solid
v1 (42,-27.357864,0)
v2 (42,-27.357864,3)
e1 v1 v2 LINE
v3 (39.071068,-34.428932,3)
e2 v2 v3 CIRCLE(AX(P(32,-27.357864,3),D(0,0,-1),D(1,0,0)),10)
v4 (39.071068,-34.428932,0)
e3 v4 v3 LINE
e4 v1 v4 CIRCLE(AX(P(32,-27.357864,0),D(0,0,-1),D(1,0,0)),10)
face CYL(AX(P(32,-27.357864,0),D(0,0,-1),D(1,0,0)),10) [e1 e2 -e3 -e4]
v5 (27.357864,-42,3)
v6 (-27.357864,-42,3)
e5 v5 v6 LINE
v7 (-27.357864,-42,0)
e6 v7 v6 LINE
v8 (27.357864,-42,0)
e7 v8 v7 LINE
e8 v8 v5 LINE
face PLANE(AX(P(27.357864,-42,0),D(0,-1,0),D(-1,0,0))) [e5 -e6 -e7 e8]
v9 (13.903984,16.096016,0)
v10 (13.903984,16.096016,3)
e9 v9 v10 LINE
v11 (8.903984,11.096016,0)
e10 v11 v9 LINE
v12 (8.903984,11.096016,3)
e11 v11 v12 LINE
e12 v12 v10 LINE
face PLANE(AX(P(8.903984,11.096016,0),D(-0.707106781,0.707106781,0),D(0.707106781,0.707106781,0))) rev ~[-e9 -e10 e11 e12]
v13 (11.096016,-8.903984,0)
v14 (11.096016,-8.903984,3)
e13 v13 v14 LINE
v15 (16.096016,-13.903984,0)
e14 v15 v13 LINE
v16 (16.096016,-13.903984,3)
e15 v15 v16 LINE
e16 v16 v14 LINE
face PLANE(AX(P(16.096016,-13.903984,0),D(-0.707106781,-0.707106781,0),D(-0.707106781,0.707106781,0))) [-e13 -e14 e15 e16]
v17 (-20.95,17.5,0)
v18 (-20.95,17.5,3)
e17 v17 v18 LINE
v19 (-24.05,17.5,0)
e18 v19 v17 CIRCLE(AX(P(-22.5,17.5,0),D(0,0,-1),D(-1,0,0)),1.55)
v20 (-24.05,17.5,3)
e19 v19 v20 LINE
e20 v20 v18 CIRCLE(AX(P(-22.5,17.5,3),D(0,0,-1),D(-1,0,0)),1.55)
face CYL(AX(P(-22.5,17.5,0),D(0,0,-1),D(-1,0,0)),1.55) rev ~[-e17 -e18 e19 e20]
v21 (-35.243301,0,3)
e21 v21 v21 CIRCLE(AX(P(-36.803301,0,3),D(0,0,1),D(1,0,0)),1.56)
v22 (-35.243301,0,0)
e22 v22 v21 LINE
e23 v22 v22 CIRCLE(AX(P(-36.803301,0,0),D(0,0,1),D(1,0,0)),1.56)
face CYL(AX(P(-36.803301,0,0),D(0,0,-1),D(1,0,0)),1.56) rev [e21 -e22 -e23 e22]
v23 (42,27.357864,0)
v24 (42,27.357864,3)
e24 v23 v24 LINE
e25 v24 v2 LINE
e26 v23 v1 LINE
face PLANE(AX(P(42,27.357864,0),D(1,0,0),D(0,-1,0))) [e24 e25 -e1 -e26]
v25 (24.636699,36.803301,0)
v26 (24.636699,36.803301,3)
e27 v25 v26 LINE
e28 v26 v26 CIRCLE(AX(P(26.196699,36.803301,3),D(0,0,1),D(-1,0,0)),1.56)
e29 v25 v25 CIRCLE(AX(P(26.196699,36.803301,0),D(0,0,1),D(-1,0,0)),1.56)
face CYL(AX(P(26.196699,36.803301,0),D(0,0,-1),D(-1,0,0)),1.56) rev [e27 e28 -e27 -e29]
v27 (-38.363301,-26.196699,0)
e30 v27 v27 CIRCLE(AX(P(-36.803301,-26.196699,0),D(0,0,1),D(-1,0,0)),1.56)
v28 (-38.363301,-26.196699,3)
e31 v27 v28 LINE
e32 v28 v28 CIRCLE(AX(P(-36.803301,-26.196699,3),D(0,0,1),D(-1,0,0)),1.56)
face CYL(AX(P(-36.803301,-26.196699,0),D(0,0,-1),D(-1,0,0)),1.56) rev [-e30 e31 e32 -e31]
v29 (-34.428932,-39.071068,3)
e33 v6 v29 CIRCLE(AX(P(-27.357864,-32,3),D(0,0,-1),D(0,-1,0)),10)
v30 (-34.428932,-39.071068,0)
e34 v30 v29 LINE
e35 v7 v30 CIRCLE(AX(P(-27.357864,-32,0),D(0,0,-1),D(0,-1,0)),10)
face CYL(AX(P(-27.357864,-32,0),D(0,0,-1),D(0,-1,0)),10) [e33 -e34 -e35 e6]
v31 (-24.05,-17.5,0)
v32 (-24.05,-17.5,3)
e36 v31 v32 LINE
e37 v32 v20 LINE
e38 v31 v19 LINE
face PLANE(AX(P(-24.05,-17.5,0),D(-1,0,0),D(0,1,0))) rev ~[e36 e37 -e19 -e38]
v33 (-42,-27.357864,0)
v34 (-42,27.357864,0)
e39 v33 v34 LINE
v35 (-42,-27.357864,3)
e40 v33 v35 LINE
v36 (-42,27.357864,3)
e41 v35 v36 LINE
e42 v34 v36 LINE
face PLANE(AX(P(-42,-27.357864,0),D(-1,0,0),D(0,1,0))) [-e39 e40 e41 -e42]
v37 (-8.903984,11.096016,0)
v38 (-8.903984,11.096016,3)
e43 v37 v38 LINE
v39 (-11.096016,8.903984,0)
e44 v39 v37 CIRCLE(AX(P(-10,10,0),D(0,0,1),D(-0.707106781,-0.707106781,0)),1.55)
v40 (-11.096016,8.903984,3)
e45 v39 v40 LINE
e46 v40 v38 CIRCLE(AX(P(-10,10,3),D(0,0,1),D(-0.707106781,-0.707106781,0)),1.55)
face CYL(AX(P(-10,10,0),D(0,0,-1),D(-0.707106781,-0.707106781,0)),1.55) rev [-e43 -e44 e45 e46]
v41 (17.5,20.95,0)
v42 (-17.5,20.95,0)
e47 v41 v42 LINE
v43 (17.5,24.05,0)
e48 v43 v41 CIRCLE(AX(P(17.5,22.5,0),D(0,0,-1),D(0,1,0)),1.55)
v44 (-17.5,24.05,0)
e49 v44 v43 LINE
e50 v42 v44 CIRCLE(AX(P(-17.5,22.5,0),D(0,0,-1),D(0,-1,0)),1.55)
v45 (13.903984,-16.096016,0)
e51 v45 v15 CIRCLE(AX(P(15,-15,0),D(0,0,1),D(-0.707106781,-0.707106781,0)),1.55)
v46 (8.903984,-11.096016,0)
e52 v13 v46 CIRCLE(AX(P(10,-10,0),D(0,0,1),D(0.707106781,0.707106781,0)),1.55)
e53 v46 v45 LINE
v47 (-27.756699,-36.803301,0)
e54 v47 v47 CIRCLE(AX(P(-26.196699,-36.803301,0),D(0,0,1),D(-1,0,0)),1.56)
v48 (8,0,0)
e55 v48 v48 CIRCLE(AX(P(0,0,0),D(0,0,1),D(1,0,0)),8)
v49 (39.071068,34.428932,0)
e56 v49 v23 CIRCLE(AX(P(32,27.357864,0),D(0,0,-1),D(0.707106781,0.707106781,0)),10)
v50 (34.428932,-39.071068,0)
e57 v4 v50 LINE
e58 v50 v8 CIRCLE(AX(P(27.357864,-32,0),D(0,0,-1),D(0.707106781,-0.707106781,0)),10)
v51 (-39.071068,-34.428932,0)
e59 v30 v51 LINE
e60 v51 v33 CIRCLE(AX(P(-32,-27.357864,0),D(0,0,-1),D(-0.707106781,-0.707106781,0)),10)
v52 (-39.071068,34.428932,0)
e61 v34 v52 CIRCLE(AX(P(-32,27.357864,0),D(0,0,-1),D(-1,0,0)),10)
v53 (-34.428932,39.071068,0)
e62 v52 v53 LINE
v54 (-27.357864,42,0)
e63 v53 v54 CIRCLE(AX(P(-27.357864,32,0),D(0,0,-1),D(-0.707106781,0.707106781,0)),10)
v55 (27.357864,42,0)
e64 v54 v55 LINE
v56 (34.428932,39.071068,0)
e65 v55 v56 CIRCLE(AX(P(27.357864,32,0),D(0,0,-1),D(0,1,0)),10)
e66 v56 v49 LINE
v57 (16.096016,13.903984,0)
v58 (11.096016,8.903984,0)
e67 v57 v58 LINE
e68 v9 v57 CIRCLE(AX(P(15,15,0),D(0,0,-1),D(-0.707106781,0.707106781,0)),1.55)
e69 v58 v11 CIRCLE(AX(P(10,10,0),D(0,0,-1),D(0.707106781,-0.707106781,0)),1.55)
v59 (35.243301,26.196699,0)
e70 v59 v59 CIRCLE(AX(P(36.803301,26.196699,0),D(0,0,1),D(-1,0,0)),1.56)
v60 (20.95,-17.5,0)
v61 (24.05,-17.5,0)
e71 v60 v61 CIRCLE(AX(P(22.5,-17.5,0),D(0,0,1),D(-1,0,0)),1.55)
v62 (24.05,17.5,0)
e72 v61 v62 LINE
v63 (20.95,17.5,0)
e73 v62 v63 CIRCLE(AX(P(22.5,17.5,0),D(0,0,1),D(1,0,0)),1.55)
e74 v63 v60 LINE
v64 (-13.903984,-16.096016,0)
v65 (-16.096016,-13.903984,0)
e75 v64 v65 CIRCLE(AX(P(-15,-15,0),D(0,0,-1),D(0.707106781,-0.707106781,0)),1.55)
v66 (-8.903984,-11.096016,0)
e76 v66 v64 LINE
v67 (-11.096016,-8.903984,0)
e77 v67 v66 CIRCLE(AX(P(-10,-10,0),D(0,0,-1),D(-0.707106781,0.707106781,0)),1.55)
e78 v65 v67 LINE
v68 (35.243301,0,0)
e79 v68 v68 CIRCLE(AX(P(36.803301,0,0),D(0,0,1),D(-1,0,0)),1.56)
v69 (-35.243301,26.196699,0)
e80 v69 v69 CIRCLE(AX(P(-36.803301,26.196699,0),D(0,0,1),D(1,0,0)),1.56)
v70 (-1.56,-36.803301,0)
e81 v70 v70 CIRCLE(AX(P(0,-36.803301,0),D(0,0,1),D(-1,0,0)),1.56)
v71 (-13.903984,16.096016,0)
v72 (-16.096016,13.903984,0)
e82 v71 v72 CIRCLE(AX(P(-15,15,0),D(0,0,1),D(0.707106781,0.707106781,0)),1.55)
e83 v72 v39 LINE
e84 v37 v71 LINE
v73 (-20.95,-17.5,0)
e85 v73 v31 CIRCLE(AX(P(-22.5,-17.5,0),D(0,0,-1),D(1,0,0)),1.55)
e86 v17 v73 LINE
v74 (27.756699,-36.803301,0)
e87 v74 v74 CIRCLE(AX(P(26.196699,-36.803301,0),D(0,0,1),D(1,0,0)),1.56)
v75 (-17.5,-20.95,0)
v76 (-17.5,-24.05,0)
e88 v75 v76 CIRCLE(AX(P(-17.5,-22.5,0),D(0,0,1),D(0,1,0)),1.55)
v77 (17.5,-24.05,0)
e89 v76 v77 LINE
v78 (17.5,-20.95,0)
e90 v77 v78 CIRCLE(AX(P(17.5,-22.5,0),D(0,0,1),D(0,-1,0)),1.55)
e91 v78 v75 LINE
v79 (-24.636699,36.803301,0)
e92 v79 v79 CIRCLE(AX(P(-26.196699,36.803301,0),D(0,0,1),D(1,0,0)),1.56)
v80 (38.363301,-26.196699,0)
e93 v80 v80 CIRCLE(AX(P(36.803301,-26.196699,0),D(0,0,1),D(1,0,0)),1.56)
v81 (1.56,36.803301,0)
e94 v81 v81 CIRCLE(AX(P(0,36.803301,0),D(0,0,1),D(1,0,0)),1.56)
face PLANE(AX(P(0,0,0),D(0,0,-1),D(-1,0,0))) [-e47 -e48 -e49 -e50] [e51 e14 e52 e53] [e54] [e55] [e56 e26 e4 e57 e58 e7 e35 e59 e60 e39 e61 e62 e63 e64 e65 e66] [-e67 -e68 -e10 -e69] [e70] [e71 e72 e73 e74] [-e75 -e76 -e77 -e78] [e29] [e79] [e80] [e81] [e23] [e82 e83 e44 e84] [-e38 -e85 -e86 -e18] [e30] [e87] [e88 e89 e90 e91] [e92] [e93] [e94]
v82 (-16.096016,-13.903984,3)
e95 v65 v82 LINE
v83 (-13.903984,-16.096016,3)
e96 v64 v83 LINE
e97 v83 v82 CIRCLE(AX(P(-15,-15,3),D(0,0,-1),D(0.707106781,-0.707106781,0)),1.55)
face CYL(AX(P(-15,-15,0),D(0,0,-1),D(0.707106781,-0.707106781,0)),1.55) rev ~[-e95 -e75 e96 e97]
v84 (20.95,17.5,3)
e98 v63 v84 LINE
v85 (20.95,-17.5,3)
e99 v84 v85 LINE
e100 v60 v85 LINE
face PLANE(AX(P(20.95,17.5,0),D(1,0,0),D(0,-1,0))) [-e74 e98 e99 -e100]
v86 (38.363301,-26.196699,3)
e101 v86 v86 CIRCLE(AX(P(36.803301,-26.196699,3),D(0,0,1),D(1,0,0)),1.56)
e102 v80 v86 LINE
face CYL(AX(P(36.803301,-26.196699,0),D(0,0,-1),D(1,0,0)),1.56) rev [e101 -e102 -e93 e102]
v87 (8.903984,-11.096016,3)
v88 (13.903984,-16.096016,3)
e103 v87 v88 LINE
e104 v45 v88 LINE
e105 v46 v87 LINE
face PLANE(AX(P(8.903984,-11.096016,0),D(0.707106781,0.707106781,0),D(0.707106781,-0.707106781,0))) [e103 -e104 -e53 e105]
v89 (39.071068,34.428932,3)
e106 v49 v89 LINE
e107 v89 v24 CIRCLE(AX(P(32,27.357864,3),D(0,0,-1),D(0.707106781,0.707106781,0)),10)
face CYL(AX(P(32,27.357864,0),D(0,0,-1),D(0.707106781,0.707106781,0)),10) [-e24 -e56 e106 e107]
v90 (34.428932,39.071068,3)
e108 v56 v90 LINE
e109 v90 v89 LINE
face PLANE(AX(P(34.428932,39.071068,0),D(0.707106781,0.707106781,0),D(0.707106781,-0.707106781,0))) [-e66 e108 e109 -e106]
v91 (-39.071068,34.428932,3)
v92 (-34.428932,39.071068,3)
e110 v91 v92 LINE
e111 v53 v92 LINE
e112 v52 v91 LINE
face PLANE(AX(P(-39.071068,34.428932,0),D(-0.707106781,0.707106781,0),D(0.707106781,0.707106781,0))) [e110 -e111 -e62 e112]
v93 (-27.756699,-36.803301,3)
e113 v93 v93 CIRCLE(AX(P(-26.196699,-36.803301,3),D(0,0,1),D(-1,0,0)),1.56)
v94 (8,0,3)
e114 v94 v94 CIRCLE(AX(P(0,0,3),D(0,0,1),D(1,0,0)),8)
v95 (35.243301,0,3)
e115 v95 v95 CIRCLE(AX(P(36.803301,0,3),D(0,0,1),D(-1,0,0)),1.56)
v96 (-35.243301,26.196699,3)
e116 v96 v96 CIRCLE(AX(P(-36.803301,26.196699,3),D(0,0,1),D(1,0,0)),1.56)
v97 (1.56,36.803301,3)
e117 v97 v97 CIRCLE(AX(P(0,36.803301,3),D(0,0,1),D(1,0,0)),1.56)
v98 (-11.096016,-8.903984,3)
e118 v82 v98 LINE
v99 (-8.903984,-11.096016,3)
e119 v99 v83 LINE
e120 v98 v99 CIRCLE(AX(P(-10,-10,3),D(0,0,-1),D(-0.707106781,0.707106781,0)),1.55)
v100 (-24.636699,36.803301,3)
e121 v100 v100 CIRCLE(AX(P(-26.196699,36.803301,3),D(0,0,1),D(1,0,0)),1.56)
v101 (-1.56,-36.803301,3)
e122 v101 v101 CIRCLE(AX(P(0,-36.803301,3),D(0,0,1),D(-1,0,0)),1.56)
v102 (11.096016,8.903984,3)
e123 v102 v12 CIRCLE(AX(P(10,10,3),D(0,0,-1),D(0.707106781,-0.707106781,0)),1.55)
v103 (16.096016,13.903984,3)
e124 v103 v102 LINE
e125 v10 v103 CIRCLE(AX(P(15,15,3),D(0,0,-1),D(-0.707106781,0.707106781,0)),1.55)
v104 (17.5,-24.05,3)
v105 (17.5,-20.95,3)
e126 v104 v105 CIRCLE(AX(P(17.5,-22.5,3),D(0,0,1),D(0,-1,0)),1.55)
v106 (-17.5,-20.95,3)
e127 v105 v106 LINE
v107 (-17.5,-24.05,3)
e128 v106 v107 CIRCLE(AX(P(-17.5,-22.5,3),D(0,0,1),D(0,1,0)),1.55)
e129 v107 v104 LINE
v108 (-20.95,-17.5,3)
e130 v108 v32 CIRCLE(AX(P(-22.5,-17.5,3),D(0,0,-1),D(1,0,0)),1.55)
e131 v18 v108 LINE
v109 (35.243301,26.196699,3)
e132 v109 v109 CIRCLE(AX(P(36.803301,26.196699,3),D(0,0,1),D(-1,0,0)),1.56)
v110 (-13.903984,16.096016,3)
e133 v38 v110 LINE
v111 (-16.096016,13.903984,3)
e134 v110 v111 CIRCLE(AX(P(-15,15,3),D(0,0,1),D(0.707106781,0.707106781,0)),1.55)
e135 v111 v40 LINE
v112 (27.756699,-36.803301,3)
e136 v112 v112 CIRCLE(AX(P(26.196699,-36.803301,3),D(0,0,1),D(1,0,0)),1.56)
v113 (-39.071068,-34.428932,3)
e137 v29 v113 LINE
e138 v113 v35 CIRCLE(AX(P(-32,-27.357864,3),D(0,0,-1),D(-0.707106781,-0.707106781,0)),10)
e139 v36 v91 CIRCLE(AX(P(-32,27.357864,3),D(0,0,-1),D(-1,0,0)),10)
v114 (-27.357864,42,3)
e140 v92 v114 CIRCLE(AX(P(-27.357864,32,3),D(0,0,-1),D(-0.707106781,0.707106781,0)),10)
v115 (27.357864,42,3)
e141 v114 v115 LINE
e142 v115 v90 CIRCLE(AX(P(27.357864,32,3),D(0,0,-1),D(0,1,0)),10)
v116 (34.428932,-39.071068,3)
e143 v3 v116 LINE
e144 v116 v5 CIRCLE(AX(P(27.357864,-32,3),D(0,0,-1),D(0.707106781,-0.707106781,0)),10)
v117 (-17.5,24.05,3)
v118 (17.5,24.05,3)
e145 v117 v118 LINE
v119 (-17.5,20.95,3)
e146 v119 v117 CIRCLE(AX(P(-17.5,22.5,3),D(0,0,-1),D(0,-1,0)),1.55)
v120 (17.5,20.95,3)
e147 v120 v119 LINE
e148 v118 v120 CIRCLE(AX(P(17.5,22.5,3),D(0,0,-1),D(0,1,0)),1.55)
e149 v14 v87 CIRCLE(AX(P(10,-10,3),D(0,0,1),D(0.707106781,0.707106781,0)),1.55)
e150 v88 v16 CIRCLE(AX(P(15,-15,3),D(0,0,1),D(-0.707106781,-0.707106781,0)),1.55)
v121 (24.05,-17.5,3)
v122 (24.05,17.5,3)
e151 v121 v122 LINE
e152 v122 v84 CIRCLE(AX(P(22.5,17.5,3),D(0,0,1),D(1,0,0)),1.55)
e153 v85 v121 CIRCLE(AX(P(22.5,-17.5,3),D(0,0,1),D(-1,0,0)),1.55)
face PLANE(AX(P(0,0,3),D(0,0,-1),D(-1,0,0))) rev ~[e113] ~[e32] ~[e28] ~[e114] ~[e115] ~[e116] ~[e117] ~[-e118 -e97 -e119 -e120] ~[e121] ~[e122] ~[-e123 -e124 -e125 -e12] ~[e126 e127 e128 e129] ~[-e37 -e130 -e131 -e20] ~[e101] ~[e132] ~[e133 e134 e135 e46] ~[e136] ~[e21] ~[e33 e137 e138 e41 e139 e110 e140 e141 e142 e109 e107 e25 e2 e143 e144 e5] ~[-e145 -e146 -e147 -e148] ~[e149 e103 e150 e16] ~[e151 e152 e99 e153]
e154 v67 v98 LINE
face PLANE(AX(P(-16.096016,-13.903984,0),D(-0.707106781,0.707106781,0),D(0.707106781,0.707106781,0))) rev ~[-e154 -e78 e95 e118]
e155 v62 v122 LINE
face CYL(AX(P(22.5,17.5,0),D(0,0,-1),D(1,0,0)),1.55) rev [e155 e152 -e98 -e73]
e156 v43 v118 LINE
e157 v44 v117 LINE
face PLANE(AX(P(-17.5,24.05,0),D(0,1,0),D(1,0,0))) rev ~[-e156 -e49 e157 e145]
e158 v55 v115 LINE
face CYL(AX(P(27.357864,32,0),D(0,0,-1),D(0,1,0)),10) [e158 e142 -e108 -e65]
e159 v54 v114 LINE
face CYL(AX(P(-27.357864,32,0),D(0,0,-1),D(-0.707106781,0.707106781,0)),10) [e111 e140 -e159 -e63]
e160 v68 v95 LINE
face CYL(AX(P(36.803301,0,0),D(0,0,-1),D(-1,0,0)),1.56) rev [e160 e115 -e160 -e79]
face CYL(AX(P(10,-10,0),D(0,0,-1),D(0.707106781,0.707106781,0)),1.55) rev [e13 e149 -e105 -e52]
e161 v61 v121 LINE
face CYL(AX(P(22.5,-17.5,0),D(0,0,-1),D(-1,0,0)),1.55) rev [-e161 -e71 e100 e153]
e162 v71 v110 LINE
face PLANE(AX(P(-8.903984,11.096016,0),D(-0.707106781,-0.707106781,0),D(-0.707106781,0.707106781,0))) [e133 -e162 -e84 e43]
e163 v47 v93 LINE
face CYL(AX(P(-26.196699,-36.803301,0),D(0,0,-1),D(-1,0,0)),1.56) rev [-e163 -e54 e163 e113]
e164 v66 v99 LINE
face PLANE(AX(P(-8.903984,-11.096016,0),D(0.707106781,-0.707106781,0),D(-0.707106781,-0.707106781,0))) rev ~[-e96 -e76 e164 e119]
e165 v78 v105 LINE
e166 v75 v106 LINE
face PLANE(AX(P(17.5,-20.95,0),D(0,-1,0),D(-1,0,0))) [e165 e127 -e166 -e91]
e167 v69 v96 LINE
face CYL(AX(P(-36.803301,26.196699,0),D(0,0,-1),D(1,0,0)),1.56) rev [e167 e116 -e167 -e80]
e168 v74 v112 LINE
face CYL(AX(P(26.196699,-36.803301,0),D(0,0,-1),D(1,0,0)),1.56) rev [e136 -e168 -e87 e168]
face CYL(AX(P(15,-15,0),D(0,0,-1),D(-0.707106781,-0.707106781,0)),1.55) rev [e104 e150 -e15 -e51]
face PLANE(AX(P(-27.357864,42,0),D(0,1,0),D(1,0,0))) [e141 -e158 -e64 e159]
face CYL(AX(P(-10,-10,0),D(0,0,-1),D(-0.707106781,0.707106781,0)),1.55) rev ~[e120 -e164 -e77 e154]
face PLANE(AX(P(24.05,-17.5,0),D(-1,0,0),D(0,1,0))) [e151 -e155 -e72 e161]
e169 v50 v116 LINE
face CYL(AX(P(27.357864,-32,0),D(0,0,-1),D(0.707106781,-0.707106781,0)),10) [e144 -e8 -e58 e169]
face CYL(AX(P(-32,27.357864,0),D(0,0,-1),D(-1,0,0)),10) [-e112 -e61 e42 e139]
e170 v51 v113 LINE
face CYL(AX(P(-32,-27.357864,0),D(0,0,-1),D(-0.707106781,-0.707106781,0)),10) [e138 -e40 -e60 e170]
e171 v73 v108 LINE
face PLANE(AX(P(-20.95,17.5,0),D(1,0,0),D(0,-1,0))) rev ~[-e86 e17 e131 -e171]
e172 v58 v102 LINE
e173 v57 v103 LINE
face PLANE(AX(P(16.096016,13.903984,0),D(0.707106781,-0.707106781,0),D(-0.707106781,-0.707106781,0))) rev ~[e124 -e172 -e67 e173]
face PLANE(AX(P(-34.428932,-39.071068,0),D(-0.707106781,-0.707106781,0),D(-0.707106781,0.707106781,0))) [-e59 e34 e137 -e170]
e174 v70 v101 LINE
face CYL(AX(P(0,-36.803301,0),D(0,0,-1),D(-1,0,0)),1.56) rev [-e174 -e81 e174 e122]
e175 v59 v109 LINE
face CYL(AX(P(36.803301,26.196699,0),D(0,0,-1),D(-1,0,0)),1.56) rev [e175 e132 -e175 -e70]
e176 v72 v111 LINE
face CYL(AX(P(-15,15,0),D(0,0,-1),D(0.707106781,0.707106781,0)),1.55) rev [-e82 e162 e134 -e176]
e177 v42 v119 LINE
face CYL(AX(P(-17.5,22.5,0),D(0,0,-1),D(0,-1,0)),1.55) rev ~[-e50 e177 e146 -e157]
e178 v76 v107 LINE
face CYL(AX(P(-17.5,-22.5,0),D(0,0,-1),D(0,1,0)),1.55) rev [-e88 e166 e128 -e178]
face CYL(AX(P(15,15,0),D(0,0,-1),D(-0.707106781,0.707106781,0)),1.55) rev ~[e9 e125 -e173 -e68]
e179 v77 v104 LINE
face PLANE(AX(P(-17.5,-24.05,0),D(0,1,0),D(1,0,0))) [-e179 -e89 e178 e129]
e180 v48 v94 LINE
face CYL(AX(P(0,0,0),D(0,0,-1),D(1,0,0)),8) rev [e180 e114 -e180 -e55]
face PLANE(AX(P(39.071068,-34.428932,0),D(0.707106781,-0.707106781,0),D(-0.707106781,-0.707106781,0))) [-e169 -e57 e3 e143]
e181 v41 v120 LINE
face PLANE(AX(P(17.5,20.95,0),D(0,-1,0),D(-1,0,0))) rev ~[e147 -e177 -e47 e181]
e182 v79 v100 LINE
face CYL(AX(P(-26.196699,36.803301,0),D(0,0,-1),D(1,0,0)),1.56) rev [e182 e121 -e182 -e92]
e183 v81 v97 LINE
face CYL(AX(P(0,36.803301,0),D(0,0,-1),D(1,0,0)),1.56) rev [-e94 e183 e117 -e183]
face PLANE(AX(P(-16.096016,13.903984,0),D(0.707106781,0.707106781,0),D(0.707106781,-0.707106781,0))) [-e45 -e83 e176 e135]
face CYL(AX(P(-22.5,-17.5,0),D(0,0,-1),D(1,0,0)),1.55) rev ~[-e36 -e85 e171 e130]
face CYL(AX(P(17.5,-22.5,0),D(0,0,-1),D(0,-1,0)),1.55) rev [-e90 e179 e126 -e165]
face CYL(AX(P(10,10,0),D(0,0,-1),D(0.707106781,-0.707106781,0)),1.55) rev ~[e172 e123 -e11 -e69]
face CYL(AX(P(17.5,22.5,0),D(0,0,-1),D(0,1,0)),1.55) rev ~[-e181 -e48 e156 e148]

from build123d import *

# Parameters (mm, degrees)
SKETCH_1_R      = 8
SKETCH_1_R_2    = 1.56
EXTRUDE_1_DEPTH = 3


with BuildPart() as part:
    # 草图1 → 凸台-拉伸1 (new body)
    with BuildSketch(Plane.XY):
        with BuildLine():
            Line((-27.357864376, 42), (27.357864376, 42))
            ThreePointArc((27.357864376, 42), (31.1846987, 41.238795325), (34.428932188, 39.071067812))
            Line((34.428932188, 39.071067812), (39.071067812, 34.428932188))
            ThreePointArc((39.071067812, 34.428932188), (41.238795325, 31.1846987), (42, 27.357864376))
            Line((42, 27.357864376), (42, -27.357864376))
            ThreePointArc((42, -27.357864376), (41.238795325, -31.1846987), (39.071067812, -34.428932188))
            Line((39.071067812, -34.428932188), (34.428932188, -39.071067812))
            ThreePointArc((34.428932188, -39.071067812), (31.1846987, -41.238795325), (27.357864376, -42))
            Line((27.357864376, -42), (-27.357864376, -42))
            ThreePointArc((-27.357864376, -42), (-31.1846987, -41.238795325), (-34.428932188, -39.071067812))
            Line((-34.428932188, -39.071067812), (-39.071067812, -34.428932188))
            ThreePointArc((-39.071067812, -34.428932188), (-41.238795325, -31.1846987), (-42, -27.357864376))
            Line((-42, -27.357864376), (-42, 27.357864376))
            ThreePointArc((-42, 27.357864376), (-41.238795325, 31.1846987), (-39.071067812, 34.428932188))
            Line((-39.071067812, 34.428932188), (-34.428932188, 39.071067812))
            ThreePointArc((-34.428932188, 39.071067812), (-31.1846987, 41.238795325), (-27.357864376, 42))
        make_face()
        Circle(SKETCH_1_R, mode=Mode.SUBTRACT)
        with Locations((-26.196699141, 36.803300859)):
            Circle(SKETCH_1_R_2, mode=Mode.SUBTRACT)
        with Locations((-36.803300859, 26.196699141)):
            Circle(SKETCH_1_R_2, mode=Mode.SUBTRACT)
        with Locations(Location((26.196699141, 36.803300859, 0), (0, 0, 180))):
            Circle(SKETCH_1_R_2, mode=Mode.SUBTRACT)
        with Locations(Location((36.803300859, 26.196699141, 0), (0, 0, 180))):
            Circle(SKETCH_1_R_2, mode=Mode.SUBTRACT)
        with Locations((36.803300859, -26.196699141)):
            Circle(SKETCH_1_R_2, mode=Mode.SUBTRACT)
        with Locations((26.196699141, -36.803300859)):
            Circle(SKETCH_1_R_2, mode=Mode.SUBTRACT)
        with Locations(Location((-26.196699141, -36.803300859, 0), (0, 0, 180))):
            Circle(SKETCH_1_R_2, mode=Mode.SUBTRACT)
        with Locations(Location((-36.803300859, -26.196699141, 0), (0, 0, 180))):
            Circle(SKETCH_1_R_2, mode=Mode.SUBTRACT)
        with Locations((0, 36.803300859)):
            Circle(SKETCH_1_R_2, mode=Mode.SUBTRACT)
        with Locations(Location((36.803300859, 0, 0), (0, 0, 180))):
            Circle(SKETCH_1_R_2, mode=Mode.SUBTRACT)
        with Locations(Location((0, -36.803300859, 0), (0, 0, 180))):
            Circle(SKETCH_1_R_2, mode=Mode.SUBTRACT)
        with Locations((-36.803300859, 0)):
            Circle(SKETCH_1_R_2, mode=Mode.SUBTRACT)
        with BuildLine():
            Line((-17.5, 24.05), (17.5, 24.05))
            ThreePointArc((17.5, 24.05), (19.05, 22.5), (17.5, 20.95))
            Line((17.5, 20.95), (-17.5, 20.95))
            ThreePointArc((-17.5, 20.95), (-19.05, 22.5), (-17.5, 24.05))
        make_face(mode=Mode.SUBTRACT)
        with BuildLine():
            Line((-17.5, -24.05), (17.5, -24.05))
            ThreePointArc((17.5, -24.05), (19.05, -22.5), (17.5, -20.95))
            Line((17.5, -20.95), (-17.5, -20.95))
            ThreePointArc((-17.5, -20.95), (-19.05, -22.5), (-17.5, -24.05))
        make_face(mode=Mode.SUBTRACT)
        with BuildLine():
            Line((24.05, -17.5), (24.05, 17.5))
            ThreePointArc((24.05, 17.5), (22.5, 19.05), (20.95, 17.5))
            Line((20.95, 17.5), (20.95, -17.5))
            ThreePointArc((20.95, -17.5), (22.5, -19.05), (24.05, -17.5))
        make_face(mode=Mode.SUBTRACT)
        with BuildLine():
            Line((-24.05, -17.5), (-24.05, 17.5))
            ThreePointArc((-24.05, 17.5), (-22.5, 19.05), (-20.95, 17.5))
            Line((-20.95, 17.5), (-20.95, -17.5))
            ThreePointArc((-20.95, -17.5), (-22.5, -19.05), (-24.05, -17.5))
        make_face(mode=Mode.SUBTRACT)
        with BuildLine():
            Line((8.903984489, 11.096015511), (13.903984489, 16.096015511))
            ThreePointArc((13.903984489, 16.096015511), (16.096015511, 16.096015511), (16.096015511, 13.903984489))
            Line((16.096015511, 13.903984489), (11.096015511, 8.903984489))
            ThreePointArc((11.096015511, 8.903984489), (8.903984489, 8.903984489), (8.903984489, 11.096015511))
        make_face(mode=Mode.SUBTRACT)
        with BuildLine():
            Line((-8.903984489, 11.096015511), (-13.903984489, 16.096015511))
            ThreePointArc((-13.903984489, 16.096015511), (-16.096015511, 16.096015511), (-16.096015511, 13.903984489))
            Line((-16.096015511, 13.903984489), (-11.096015511, 8.903984489))
            ThreePointArc((-11.096015511, 8.903984489), (-8.903984489, 8.903984489), (-8.903984489, 11.096015511))
        make_face(mode=Mode.SUBTRACT)
        with BuildLine():
            Line((-8.903984489, -11.096015511), (-13.903984489, -16.096015511))
            ThreePointArc((-13.903984489, -16.096015511), (-16.096015511, -16.096015511), (-16.096015511, -13.903984489))
            Line((-16.096015511, -13.903984489), (-11.096015511, -8.903984489))
            ThreePointArc((-11.096015511, -8.903984489), (-8.903984489, -8.903984489), (-8.903984489, -11.096015511))
        make_face(mode=Mode.SUBTRACT)
        with BuildLine():
            Line((8.903984489, -11.096015511), (13.903984489, -16.096015511))
            ThreePointArc((13.903984489, -16.096015511), (16.096015511, -16.096015511), (16.096015511, -13.903984489))
            Line((16.096015511, -13.903984489), (11.096015511, -8.903984489))
            ThreePointArc((11.096015511, -8.903984489), (8.903984489, -8.903984489), (8.903984489, -11.096015511))
        make_face(mode=Mode.SUBTRACT)
    extrude(amount=EXTRUDE_1_DEPTH)


solid = part.part
